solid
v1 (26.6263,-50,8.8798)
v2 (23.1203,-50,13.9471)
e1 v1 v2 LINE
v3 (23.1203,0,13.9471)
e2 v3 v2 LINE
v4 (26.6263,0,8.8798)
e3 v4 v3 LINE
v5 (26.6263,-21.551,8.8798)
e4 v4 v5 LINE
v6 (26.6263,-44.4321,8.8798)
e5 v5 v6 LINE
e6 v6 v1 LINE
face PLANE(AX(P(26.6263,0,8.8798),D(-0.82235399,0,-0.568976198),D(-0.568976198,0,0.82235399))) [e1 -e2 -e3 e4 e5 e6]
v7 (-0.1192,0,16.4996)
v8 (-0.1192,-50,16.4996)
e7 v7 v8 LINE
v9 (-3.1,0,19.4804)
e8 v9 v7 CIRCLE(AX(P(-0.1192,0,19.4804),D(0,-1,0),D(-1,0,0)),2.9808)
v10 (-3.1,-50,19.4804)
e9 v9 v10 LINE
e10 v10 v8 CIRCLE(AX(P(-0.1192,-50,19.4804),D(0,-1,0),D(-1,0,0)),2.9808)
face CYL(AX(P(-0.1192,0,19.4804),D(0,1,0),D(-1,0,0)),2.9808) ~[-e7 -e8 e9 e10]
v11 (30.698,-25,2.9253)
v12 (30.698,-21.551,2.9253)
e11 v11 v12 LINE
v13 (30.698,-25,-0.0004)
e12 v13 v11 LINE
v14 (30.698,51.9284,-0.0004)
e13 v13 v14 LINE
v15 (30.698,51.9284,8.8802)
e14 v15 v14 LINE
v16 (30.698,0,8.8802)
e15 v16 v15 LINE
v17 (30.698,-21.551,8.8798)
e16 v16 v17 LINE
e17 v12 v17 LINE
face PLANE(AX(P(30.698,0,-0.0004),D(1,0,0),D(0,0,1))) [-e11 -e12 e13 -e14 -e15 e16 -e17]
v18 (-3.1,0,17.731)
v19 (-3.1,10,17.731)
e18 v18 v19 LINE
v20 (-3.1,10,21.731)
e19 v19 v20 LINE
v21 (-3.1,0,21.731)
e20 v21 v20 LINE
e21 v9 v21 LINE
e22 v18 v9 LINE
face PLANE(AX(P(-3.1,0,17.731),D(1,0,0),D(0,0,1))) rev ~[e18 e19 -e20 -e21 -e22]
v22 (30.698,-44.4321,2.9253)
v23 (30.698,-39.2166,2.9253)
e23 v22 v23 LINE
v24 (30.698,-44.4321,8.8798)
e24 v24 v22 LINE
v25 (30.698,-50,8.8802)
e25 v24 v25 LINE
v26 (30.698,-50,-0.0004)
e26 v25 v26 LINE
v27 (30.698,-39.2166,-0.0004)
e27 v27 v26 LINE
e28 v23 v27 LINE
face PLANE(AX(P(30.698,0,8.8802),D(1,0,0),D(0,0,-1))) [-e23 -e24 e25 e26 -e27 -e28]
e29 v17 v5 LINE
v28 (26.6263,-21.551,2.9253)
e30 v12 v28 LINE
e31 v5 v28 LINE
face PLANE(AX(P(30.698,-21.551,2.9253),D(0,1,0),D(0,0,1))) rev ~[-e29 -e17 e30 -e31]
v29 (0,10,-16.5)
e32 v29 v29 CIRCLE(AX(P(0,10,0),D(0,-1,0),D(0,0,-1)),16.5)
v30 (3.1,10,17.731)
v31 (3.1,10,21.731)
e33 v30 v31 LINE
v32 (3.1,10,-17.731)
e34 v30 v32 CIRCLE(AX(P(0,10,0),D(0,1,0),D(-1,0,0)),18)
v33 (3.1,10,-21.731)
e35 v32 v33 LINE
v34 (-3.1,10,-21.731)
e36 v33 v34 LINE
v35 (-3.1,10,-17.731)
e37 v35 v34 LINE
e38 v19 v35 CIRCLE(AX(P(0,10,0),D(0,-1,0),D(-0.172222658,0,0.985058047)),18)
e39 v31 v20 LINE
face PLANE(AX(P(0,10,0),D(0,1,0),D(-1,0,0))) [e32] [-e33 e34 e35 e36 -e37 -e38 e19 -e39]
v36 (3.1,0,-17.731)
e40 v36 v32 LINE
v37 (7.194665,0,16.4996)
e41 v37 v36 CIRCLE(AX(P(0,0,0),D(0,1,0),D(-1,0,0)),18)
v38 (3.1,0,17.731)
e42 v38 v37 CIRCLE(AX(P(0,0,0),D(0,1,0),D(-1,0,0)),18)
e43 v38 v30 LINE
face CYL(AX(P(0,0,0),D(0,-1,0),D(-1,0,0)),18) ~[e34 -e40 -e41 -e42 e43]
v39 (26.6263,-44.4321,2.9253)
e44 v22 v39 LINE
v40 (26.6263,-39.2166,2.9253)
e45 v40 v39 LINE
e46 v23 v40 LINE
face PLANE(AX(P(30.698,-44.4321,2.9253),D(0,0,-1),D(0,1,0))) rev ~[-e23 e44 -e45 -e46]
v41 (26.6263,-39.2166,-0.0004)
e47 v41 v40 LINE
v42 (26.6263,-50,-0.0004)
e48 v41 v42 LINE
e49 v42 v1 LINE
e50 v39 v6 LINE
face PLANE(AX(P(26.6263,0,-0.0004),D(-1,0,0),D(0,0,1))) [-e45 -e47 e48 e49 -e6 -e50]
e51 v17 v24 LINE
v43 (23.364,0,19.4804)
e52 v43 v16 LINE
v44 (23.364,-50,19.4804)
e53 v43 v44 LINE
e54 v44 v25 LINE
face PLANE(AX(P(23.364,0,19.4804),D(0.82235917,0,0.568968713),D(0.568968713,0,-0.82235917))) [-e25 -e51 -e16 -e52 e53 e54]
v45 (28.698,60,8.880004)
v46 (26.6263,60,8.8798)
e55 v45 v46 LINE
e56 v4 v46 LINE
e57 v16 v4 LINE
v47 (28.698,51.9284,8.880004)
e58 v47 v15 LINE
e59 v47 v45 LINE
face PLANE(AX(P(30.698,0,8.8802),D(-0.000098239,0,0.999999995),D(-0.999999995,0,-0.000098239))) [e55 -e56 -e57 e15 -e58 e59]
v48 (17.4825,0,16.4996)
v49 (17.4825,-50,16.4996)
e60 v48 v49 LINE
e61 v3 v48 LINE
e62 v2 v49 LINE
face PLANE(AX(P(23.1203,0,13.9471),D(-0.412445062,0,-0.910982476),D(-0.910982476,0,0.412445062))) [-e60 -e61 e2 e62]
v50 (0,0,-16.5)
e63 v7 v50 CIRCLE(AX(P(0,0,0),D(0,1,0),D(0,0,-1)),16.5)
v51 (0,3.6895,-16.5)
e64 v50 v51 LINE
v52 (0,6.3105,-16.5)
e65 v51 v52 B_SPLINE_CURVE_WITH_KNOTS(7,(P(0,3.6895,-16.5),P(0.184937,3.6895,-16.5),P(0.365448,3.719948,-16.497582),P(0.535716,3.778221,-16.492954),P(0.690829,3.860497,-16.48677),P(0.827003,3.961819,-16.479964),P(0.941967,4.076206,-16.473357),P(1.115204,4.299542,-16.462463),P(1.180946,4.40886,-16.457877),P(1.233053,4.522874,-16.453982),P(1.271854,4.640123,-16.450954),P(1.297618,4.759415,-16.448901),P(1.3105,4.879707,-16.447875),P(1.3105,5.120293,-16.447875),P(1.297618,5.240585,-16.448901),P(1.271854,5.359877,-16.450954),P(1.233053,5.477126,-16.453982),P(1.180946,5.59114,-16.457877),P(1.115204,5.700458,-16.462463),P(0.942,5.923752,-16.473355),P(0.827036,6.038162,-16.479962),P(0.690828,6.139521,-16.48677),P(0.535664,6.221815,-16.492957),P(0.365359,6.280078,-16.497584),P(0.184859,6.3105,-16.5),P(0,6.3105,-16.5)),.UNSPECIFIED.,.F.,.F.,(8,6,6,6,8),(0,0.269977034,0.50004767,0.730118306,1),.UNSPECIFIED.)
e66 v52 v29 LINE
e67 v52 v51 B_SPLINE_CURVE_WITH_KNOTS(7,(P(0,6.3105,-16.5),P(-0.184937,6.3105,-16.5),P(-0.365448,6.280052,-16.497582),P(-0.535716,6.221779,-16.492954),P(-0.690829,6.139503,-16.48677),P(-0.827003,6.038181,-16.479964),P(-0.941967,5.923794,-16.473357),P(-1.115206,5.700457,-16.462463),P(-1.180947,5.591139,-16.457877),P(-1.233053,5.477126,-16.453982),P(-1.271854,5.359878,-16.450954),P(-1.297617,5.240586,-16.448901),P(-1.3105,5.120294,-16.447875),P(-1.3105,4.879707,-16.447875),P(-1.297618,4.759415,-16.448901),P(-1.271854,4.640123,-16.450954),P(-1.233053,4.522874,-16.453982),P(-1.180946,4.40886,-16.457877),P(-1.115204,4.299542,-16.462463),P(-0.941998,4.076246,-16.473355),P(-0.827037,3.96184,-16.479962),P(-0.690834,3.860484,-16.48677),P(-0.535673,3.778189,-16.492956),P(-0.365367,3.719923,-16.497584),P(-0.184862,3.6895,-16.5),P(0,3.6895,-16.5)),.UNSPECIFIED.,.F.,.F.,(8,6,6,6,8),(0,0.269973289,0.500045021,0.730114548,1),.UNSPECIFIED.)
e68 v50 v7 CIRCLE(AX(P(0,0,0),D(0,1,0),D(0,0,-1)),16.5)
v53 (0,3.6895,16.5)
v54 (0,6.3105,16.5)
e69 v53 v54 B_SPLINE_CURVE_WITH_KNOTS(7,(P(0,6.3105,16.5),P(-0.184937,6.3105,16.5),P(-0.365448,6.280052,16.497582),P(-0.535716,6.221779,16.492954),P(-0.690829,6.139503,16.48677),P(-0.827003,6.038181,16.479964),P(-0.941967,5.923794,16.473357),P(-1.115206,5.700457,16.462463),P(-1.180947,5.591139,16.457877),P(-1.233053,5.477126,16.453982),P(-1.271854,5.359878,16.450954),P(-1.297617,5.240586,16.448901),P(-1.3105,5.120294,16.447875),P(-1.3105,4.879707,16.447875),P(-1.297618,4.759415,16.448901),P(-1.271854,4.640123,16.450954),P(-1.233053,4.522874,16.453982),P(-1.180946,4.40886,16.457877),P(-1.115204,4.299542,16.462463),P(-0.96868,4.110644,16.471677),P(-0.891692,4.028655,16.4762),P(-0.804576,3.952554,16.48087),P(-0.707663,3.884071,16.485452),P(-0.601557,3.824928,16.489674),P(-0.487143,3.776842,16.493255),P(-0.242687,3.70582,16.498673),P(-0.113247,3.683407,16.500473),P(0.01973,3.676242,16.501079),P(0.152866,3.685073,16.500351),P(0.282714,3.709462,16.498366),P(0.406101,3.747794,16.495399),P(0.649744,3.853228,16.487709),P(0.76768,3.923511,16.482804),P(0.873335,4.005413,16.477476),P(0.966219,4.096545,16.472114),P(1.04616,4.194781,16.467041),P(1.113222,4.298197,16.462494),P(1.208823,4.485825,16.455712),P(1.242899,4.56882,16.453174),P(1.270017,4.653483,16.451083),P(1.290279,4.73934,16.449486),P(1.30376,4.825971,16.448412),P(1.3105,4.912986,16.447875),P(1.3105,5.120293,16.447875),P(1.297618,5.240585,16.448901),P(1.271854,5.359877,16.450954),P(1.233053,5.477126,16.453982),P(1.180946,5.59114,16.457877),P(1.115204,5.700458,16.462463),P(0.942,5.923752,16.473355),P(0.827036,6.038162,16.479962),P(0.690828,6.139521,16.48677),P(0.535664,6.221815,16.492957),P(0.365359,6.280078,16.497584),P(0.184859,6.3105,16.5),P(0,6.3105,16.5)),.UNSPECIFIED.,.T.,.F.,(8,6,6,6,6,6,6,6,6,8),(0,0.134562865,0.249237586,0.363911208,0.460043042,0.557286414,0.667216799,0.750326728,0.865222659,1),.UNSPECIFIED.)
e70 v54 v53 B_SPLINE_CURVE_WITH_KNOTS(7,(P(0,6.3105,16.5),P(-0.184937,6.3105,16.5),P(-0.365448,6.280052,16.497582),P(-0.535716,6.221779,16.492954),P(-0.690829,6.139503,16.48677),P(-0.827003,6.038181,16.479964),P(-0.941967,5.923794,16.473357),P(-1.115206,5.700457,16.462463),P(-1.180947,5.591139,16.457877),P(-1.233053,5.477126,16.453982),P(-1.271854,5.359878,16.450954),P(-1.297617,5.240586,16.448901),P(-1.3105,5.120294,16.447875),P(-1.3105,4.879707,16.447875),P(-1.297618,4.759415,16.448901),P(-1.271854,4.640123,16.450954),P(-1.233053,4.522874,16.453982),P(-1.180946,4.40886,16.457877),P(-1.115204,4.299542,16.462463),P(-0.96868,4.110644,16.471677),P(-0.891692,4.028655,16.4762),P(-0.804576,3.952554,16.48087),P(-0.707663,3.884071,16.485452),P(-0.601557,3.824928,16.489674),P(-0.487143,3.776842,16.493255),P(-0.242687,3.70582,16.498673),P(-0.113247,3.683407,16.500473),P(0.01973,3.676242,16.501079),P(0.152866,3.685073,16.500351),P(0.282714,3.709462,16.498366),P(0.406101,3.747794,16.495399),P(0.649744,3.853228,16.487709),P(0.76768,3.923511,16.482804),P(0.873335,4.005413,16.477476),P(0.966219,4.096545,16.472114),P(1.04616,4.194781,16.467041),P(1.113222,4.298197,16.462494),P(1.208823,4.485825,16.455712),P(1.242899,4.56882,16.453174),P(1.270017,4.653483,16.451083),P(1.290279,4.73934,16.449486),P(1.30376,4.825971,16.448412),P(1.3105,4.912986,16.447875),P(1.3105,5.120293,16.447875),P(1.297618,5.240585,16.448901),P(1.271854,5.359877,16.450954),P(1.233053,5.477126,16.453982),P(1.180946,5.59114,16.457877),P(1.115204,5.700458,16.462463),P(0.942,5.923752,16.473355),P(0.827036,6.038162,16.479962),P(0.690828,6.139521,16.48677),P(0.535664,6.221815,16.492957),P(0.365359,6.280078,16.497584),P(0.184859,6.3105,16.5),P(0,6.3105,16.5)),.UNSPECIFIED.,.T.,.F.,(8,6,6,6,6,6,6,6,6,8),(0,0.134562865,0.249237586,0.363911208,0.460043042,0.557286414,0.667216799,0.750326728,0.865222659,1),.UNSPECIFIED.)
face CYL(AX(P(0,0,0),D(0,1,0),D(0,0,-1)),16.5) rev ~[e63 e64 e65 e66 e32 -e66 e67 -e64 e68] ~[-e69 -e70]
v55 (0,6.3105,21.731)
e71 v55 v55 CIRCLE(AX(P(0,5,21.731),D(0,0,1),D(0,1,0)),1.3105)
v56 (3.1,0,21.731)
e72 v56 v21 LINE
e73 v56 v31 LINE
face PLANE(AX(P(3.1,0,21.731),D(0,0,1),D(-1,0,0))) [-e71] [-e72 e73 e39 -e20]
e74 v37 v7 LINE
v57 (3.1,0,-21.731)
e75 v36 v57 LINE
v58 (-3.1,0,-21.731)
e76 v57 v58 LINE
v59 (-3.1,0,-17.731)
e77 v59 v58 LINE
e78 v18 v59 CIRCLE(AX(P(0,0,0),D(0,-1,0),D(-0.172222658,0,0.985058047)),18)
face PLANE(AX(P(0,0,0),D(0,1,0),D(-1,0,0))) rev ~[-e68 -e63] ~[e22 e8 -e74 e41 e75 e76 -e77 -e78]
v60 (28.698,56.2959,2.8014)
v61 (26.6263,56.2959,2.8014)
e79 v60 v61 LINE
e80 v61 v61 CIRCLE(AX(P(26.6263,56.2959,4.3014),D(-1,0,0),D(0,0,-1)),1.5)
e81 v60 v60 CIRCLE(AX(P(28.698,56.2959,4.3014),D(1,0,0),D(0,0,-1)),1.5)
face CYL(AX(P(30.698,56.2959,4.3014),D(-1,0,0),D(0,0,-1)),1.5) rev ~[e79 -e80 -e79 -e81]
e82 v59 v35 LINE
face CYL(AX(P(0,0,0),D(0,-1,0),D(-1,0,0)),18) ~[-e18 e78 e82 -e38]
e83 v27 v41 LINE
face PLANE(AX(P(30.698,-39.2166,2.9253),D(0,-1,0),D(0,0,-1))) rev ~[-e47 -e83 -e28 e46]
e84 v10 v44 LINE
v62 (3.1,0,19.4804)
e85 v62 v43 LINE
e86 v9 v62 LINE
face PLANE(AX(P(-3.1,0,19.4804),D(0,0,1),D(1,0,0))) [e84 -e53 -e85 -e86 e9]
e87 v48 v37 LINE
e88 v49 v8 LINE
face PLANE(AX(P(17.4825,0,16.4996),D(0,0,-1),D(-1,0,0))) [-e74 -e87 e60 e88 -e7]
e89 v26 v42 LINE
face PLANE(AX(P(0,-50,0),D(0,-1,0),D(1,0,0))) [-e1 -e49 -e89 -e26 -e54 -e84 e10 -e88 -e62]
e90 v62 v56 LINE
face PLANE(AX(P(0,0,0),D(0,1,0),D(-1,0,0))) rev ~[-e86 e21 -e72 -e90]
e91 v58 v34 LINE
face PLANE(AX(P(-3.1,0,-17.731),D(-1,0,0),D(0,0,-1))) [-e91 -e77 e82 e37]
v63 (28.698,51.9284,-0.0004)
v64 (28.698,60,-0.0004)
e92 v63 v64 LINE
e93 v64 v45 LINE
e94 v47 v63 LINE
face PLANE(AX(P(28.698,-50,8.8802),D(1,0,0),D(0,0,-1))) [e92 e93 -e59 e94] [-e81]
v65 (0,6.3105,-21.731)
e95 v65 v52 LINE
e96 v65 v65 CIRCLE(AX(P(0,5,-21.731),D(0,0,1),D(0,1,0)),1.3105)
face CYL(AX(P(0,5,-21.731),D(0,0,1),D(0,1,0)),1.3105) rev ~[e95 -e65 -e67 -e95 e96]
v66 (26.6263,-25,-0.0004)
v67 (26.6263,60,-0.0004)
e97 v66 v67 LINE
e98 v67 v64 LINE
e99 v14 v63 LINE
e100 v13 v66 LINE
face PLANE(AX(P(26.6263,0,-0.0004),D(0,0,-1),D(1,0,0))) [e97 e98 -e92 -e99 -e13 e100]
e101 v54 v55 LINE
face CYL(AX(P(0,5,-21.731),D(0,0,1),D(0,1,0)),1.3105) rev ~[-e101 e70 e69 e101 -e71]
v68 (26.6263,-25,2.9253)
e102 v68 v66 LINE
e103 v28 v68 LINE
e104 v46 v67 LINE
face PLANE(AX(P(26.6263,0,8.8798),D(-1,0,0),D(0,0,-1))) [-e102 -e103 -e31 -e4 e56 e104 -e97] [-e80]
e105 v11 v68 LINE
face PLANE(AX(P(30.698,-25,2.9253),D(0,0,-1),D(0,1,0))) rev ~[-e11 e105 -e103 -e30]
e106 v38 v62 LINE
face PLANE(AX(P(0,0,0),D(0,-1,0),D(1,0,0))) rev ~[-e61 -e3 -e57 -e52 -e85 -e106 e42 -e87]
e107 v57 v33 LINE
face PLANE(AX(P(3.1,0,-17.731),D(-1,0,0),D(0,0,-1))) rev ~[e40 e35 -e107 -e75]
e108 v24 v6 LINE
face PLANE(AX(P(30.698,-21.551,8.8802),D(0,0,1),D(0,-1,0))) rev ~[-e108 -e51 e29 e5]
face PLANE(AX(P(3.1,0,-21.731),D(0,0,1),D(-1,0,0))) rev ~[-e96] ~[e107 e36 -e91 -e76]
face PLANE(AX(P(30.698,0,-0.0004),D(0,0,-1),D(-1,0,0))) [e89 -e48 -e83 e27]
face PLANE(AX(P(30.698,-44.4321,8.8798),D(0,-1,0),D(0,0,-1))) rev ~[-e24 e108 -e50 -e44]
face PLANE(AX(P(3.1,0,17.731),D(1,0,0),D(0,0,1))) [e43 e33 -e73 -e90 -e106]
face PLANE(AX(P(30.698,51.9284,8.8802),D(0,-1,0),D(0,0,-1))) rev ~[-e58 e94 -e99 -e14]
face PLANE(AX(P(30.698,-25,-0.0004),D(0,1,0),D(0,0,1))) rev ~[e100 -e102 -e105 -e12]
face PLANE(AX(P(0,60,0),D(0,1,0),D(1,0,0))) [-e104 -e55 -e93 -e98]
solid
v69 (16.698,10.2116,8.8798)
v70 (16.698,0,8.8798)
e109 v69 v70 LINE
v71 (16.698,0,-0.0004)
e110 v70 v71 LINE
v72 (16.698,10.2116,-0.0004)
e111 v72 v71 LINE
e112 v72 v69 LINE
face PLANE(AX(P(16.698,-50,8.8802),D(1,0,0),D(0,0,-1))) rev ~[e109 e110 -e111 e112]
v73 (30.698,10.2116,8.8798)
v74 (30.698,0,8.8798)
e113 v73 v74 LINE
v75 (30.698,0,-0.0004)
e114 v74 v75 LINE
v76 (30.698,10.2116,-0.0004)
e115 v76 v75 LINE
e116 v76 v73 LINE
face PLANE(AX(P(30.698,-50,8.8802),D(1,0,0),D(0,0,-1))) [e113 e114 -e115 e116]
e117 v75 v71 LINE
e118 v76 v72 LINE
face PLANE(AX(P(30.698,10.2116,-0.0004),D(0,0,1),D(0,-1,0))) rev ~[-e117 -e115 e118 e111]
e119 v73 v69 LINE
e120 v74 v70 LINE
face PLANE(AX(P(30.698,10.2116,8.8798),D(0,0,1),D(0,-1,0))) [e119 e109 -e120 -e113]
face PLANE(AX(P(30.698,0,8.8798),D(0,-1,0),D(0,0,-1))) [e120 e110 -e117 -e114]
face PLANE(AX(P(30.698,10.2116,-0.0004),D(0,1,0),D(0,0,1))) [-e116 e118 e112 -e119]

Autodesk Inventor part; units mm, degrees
ref_plane "YZ Plane" through (0, 0, 0) normal (1, 0, 0) x (0, 1, 0)
ref_plane "XZ Plane" through (0, 0, 0) normal (0, 1, 0) x (-1, 0, 0)
ref_plane "XY Plane" through (0, 0, 0) normal (0, 0, 1) x (1, 0, 0)
sketch "Sketch1" plane through (0, 0, 0) normal (0, 1, 0) x (-1, 0, 0)
  circle A0 centre (0, 0) radius 16.5
  circle A1 centre (0, 0) radius 18
  line L0 (3.1, -17.731) -> (3.1, -21.731)
  line L1 (-3.1, -17.731) -> (-3.1, -21.731)
  line L2 (-3.1, -21.731) -> (3.1, -21.731)
  line L3 (3.1, 17.731) -> (3.1, 21.731)
  line L4 (-3.1, 17.731) -> (-3.1, 21.731)
  line L5 (-3.1, 21.731) -> (3.1, 21.731)
  circle A2 centre (0, 0) radius 16.5
  circle A3 centre (0, 0) radius 16.5
  point P0 (-3.1, 19.731)
  dimension "d0" = 33
  dimension "d1" = 36
  dimension "d2" = 4
  dimension "d4" = 4
  dimension "d5" = 4
  dimension "d51" = 33
  dimension "d60" = 33
extrude "Extrusion1" add sketch "Sketch1" along normal blind 10 contours A0 | A1 | A1 L4 L5 L3 | L0 L2 L1 A1
sketch "Sketch2" plane through (0, 10, 0) normal (0, 1, 0) x (1, 0, 0)
  line L0 (-3.1, -21.731) -> (3.1, -21.731) projected
extrude "Extrusion2" [suppressed]
hole "Hole1" at (0, 5, -21.731) direction (0, 0, 1) diameter 2.621 end through all thread size "M3x0.35" class "6H" standard "ANSI Metric M Profile"
sketch "Sketch3" plane through (0, 0, 0) normal (0, -1, 0) x (1, 0, 0)
  point P0 (0, 0)
hole "Hole2" at (0, 0, 0) direction (0, 1, 0) diameter 33 end through all
sketch "Sketch7" plane through (0, 0, 0) normal (0, -1, 0) x (1, 0, 0)
  circle A0 centre (0, 0) radius 16.5 projected
  line L0 (-3.1, 17.731) -> (-3.1, 21.731) projected
  line L1 (-3.1, 19.4804) -> (23.364, 19.4804)
  line L2 (23.364, 19.4804) -> (30.698, 8.8802)
  line L3 (30.698, 8.8802) -> (30.698, -0.0004)
  line L4 (30.698, -0.0004) -> (26.6263, -0.0004)
  line L5 (26.6263, -0.0004) -> (26.6263, 8.8798)
  line L6 (26.6263, 8.8798) -> (23.1203, 13.9471)
  line L7 (23.1203, 13.9471) -> (17.4825, 16.4996)
  line L8 (17.4825, 16.4996) -> (-0.1192, 16.4996)
  arc A1 (-3.1, 19.4804) -> (-0.1192, 16.4996) centre (-0.1192, 19.4804) ccw
extrude "Extrusion4" add sketch "Sketch7" along normal blind 50 contours A1 L1 L2 L3 L4 L5 L6 L7 L8
sketch "Sketch8" plane through (30.698, 0, 8.8802) normal (1, 0, 0) x (0, 0, -1)
  line L0 (8.8806, 0) -> (0, 0) projected
  line L1 (0, 0) -> (0, -50) projected
  line L2 (8.8806, 0) -> (8.8806, -50) projected
  line L3 (8.8806, 0) -> (8.8806, -50) projected
  line L4 (8.8806, -25) -> (5.9549, -25)
  line L5 (5.9549, -25) -> (5.9549, -21.551)
  line L6 (5.9549, -21.551) -> (0.0004, -21.551)
  line L7 (0.0004, 0) -> (0.0004, -50) projected
  line L8 (0.0004, -44.4321) -> (5.9549, -44.4321)
  line L9 (5.9549, -44.4321) -> (5.9549, -39.2166)
  line L10 (5.9549, -39.2166) -> (8.8806, -39.2166)
  point P0 (8.8802, 0)
extrude "Extrusion5" cut sketch "Sketch8" against normal blind 50 contours L2 L10 L9 L8 L1 L6 L5 L4
sketch "Sketch9" plane through (0, 0, 0) normal (0, 1, 0) x (1, 0, 0)
  line L0 (30.698, 0.0004) -> (30.698, -8.8802) projected
  line L1 (26.6263, -8.8798) -> (26.6263, 0.0004) projected
  line L2 (26.6263, 0.0004) -> (30.698, 0.0004)
  line L3 (30.698, 0.0004) -> (30.698, -8.8802) projected
  line L4 (30.698, -8.8802) -> (26.6263, -8.8798)
extrude "Extrusion6" add sketch "Sketch9" along normal blind 60
hole "Hole3" at (30.698, 56.2959, 4.3014) direction (-1, 0, 0) diameter 3 end through all
sketch "Sketch18" plane through (30.698, -50, 8.8802) normal (1, 0, 0) x (0, 0, -1)
  circle A0 centre (4.5788, 106.2959) radius 1.5 projected
  line L0 (0, 50) -> (0, 110) projected
  line L1 (8.8806, 110) -> (0.0004, 110) projected
  line L2 (0, 101.9284) -> (8.8806, 101.9284)
  line L3 (8.8806, 101.9284) -> (8.8806, 110)
  line L4 (8.8806, 110) -> (0, 110)
  line L5 (0, 110) -> (0, 101.9284)
  point P0 (8.8802, 50)
extrude "Extrusion7" cut sketch "Sketch18" against normal blind 2
sketch "Sketch19" plane through (30.698, -50, 8.8802) normal (1, 0, 0) x (0, 0, -1)
  line L0 (8.8806, 101.9284) -> (8.8806, 25) projected
  line L1 (0.0004, 50) -> (0.0004, 28.449) projected
  line L2 (8.8806, 60.2116) -> (0.0004, 60.2116)
  line L3 (0.0004, 60.2116) -> (0.0004, 50)
  line L4 (0.0004, 50) -> (8.8806, 50)
  line L5 (8.8806, 50) -> (8.8806, 60.2116)
  point P0 (8.8802, 50)
extrude "Extrusion8" add sketch "Sketch19" against normal blind 14 separate body
sketch "Sketch21" plane through (0, 10, 0) normal (0, 1, 0) x (1, 0, 0)
  circle A0 centre (0, 0) radius 16.5 projected
  arc A1 (-3.1, 17.731) -> (-3.1, -17.731) centre (0, 0) ccw projected
  circle A2 centre (0, 0) radius 16.5
  dimension "d52" = 33
hole "Hole4" at (0, 10, 0) direction (0, -1, 0) diameter 33 end through all bodies 1
equation "\"BendRadius\" = Thickness"
equation "\"BendReliefWidth\" = Thickness"
equation "\"BendReliefDepth\" = 0.5 * Thickness"
equation "\"CornerReliefSize\" = 4 * Thickness"
equation "\"MinimumRemnant\" = 2 * Thickness"
equation "\"TransitionRadius\" = BendRadius"
equation "\"JacobiRadiusSize\" = Thickness"
equation "\"GapSize\" = Thickness"
equation "\"Thickness\" = 0.5"
properties part number "Y-axis-gimbal-part"
